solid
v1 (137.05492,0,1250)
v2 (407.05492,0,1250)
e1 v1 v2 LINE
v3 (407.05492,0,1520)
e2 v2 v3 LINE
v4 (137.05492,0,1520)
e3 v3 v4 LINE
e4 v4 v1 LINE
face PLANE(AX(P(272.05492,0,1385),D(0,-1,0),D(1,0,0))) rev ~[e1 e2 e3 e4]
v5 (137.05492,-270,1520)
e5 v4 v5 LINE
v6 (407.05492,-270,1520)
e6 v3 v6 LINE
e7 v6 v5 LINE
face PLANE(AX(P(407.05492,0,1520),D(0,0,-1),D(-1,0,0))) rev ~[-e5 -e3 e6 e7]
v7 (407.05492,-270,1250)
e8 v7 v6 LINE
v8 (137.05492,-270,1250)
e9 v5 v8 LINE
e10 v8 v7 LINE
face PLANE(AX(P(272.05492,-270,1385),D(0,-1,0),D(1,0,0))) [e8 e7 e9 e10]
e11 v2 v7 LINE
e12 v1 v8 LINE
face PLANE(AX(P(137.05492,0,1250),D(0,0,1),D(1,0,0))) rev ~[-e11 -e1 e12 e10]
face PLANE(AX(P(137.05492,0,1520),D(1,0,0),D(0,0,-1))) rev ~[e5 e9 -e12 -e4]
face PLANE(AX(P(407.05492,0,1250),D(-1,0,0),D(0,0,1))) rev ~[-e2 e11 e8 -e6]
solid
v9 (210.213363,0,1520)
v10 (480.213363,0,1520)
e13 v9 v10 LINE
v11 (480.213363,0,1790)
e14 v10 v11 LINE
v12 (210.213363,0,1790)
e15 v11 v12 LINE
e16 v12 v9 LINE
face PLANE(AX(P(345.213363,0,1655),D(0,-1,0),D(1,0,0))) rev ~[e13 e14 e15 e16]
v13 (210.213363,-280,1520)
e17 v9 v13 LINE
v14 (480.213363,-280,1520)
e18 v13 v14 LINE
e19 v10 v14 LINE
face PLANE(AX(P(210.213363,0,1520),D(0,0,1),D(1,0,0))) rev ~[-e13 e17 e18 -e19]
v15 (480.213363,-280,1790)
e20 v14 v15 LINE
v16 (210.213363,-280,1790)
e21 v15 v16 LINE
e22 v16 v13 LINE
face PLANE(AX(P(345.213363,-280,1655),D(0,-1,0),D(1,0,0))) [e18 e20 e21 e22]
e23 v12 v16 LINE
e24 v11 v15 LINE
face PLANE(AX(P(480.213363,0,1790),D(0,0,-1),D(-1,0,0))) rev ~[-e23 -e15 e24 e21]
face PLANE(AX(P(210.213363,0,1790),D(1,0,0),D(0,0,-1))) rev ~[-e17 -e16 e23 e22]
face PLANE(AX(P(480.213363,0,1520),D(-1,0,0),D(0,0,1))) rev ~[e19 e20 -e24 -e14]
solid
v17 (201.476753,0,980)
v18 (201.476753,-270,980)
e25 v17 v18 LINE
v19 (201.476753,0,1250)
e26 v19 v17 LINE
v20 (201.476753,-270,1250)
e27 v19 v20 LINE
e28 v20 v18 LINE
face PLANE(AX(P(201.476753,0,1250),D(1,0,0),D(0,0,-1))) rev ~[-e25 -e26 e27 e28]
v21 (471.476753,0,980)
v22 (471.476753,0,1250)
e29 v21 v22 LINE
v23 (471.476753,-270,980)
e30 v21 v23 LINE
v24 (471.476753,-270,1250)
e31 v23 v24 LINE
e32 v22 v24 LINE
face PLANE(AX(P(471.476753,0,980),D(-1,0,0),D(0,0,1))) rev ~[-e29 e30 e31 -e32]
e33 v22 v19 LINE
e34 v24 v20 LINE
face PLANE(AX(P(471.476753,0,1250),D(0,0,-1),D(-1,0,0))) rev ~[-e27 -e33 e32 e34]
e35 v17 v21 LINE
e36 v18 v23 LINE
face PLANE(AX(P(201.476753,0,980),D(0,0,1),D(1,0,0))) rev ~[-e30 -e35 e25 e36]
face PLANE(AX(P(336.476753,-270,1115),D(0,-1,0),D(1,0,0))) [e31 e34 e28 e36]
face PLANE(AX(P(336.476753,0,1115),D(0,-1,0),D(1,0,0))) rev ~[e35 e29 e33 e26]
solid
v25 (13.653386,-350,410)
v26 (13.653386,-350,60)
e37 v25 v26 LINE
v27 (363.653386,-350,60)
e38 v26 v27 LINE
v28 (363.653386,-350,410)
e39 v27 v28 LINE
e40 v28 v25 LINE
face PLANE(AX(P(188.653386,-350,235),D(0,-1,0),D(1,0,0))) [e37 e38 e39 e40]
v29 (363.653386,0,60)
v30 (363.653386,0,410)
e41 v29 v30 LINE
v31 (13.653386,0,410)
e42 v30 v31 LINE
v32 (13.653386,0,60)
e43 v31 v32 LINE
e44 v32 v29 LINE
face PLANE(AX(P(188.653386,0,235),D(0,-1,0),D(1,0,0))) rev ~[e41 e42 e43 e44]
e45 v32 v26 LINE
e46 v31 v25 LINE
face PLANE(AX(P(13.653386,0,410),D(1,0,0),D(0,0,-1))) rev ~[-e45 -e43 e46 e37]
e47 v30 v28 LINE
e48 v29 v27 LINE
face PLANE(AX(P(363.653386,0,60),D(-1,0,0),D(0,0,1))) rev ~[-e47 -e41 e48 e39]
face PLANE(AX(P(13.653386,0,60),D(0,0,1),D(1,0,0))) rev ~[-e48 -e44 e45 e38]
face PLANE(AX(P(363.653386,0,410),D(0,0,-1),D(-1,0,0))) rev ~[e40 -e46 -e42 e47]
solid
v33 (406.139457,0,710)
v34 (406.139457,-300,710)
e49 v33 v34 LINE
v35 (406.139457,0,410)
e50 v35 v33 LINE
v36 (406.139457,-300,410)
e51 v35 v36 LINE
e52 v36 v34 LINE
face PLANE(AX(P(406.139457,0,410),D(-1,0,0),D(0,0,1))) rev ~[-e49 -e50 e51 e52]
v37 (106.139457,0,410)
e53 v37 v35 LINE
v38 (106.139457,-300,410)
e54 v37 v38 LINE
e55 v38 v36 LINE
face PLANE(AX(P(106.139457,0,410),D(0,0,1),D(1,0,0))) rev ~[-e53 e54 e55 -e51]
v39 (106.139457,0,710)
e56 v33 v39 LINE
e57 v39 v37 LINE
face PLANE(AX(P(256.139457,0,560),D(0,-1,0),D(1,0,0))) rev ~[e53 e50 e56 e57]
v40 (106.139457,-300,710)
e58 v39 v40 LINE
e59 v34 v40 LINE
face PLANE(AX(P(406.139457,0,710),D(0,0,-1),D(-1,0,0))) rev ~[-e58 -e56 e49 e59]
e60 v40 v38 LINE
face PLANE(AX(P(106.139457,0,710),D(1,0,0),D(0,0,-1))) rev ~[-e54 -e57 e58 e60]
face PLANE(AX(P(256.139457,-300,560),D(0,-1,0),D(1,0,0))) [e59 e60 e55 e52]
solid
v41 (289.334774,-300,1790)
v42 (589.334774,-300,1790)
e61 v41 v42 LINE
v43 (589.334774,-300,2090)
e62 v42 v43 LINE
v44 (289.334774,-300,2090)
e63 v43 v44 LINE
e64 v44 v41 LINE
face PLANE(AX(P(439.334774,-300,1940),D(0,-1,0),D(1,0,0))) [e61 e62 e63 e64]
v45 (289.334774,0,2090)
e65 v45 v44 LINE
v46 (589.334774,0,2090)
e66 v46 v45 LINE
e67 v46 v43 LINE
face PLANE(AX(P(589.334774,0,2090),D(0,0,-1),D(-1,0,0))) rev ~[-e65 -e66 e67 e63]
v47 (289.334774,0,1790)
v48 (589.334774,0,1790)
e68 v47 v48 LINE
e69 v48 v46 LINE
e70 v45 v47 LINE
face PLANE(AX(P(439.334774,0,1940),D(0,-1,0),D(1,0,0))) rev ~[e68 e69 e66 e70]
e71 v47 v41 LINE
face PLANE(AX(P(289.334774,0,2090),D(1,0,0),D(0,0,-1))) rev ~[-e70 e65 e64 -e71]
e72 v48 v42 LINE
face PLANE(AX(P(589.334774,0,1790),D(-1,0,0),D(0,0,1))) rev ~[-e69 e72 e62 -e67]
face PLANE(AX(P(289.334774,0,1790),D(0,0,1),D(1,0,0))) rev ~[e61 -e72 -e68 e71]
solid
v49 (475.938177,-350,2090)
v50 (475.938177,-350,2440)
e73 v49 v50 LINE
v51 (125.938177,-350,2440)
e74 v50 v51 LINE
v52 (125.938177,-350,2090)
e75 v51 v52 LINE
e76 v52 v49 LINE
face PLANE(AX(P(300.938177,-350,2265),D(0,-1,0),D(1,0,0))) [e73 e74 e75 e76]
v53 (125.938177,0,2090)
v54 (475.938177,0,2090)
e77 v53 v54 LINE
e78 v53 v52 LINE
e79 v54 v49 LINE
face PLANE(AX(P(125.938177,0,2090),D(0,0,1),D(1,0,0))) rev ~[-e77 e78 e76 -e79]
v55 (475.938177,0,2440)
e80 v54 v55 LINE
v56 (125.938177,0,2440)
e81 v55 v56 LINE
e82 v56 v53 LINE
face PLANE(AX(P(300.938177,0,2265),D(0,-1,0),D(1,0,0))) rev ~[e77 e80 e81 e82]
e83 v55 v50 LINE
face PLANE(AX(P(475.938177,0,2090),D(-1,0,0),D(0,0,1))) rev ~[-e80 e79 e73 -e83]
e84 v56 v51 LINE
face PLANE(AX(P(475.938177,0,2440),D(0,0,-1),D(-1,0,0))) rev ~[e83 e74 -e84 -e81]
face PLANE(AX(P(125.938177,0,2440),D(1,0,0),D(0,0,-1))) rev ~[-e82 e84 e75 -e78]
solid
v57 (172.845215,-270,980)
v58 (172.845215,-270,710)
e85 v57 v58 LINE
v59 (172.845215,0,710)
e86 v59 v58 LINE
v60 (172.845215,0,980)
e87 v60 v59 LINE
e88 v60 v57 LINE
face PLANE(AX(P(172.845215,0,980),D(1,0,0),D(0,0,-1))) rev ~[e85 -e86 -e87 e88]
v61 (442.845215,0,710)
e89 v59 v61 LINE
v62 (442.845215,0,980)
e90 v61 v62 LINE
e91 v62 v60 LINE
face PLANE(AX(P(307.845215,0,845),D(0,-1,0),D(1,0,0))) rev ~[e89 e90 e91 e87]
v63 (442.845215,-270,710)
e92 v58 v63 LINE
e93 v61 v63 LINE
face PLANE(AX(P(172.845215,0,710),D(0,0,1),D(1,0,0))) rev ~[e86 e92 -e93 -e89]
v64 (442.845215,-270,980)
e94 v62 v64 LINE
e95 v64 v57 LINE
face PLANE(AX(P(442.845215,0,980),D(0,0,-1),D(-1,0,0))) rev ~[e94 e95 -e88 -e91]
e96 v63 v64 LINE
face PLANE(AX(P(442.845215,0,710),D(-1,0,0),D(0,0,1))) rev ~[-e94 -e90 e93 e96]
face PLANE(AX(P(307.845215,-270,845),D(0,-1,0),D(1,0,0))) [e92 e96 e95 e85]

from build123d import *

# Parameters (mm, degrees)
F4_DEPTH = 350
F5_DEPTH = 300
F6_DEPTH = 270
F7_DEPTH = 270
F8_DEPTH = 270
F9_DEPTH = 280


with BuildPart() as f4:
    # F3 (on Front) → F4 (new body)
    with BuildSketch(Plane.XZ):
        Polygon((13.6533863842, 410), (13.6533863842, 60), (363.6533863842, 60), (363.6533863842, 410), (106.1394568533, 410), align=None)
    extrude(amount=F4_DEPTH)


with BuildPart() as f4b:
    # F3 (on Front) → F4, piece 2 (new body)
    with BuildSketch(Plane.XZ):
        Polygon((125.9381771088, 2090), (289.3347740173, 2090), (475.9381771088, 2090), (475.9381771088, 2440), (125.9381771088, 2440), align=None)
    extrude(amount=F4_DEPTH)


with BuildPart() as f5:
    # F3 (on Front) → F5 (new body)
    with BuildSketch(Plane.XZ):
        Polygon((106.1394568533, 410), (363.6533863842, 410), (406.1394568533, 410), (406.1394568533, 710), (172.8452146053, 710), (106.1394568533, 710), align=None)
    extrude(amount=F5_DEPTH)


with BuildPart() as f5b:
    # F3 (on Front) → F5, piece 2 (new body)
    with BuildSketch(Plane.XZ):
        Polygon((289.3347740173, 1790), (480.2133631706, 1790), (589.3347740173, 1790), (589.3347740173, 2090), (475.9381771088, 2090), (289.3347740173, 2090), align=None)
    extrude(amount=F5_DEPTH)


with BuildPart() as f6:
    # F3 (on Front) → F6 (new body)
    with BuildSketch(Plane.XZ):
        Polygon((172.8452146053, 710), (406.1394568533, 710), (442.8452146053, 710), (442.8452146053, 980), (201.476752758, 980), (172.8452146053, 980), align=None)
    extrude(amount=F6_DEPTH)


with BuildPart() as f7:
    # F3 (on Front) → F7 (new body)
    with BuildSketch(Plane.XZ):
        Polygon((201.476752758, 980), (442.8452146053, 980), (471.476752758, 980), (471.476752758, 1250), (407.0549201965, 1250), (201.476752758, 1250), align=None)
    extrude(amount=F7_DEPTH)


with BuildPart() as f8:
    # F3 (on Front) → F8 (new body)
    with BuildSketch(Plane.XZ):
        Polygon((137.0549201965, 1250), (201.476752758, 1250), (407.0549201965, 1250), (407.0549201965, 1520), (210.2133631706, 1520), (137.0549201965, 1520), align=None)
    extrude(amount=F8_DEPTH)


with BuildPart() as f9:
    # F3 (on Front) → F9 (new body)
    with BuildSketch(Plane.XZ):
        Polygon((210.2133631706, 1520), (407.0549201965, 1520), (480.2133631706, 1520), (480.2133631706, 1790), (289.3347740173, 1790), (210.2133631706, 1790), align=None)
    extrude(amount=F9_DEPTH)


solid = Compound([f4.part, f4b.part, f5.part, f5b.part, f6.part, f7.part, f8.part, f9.part])
